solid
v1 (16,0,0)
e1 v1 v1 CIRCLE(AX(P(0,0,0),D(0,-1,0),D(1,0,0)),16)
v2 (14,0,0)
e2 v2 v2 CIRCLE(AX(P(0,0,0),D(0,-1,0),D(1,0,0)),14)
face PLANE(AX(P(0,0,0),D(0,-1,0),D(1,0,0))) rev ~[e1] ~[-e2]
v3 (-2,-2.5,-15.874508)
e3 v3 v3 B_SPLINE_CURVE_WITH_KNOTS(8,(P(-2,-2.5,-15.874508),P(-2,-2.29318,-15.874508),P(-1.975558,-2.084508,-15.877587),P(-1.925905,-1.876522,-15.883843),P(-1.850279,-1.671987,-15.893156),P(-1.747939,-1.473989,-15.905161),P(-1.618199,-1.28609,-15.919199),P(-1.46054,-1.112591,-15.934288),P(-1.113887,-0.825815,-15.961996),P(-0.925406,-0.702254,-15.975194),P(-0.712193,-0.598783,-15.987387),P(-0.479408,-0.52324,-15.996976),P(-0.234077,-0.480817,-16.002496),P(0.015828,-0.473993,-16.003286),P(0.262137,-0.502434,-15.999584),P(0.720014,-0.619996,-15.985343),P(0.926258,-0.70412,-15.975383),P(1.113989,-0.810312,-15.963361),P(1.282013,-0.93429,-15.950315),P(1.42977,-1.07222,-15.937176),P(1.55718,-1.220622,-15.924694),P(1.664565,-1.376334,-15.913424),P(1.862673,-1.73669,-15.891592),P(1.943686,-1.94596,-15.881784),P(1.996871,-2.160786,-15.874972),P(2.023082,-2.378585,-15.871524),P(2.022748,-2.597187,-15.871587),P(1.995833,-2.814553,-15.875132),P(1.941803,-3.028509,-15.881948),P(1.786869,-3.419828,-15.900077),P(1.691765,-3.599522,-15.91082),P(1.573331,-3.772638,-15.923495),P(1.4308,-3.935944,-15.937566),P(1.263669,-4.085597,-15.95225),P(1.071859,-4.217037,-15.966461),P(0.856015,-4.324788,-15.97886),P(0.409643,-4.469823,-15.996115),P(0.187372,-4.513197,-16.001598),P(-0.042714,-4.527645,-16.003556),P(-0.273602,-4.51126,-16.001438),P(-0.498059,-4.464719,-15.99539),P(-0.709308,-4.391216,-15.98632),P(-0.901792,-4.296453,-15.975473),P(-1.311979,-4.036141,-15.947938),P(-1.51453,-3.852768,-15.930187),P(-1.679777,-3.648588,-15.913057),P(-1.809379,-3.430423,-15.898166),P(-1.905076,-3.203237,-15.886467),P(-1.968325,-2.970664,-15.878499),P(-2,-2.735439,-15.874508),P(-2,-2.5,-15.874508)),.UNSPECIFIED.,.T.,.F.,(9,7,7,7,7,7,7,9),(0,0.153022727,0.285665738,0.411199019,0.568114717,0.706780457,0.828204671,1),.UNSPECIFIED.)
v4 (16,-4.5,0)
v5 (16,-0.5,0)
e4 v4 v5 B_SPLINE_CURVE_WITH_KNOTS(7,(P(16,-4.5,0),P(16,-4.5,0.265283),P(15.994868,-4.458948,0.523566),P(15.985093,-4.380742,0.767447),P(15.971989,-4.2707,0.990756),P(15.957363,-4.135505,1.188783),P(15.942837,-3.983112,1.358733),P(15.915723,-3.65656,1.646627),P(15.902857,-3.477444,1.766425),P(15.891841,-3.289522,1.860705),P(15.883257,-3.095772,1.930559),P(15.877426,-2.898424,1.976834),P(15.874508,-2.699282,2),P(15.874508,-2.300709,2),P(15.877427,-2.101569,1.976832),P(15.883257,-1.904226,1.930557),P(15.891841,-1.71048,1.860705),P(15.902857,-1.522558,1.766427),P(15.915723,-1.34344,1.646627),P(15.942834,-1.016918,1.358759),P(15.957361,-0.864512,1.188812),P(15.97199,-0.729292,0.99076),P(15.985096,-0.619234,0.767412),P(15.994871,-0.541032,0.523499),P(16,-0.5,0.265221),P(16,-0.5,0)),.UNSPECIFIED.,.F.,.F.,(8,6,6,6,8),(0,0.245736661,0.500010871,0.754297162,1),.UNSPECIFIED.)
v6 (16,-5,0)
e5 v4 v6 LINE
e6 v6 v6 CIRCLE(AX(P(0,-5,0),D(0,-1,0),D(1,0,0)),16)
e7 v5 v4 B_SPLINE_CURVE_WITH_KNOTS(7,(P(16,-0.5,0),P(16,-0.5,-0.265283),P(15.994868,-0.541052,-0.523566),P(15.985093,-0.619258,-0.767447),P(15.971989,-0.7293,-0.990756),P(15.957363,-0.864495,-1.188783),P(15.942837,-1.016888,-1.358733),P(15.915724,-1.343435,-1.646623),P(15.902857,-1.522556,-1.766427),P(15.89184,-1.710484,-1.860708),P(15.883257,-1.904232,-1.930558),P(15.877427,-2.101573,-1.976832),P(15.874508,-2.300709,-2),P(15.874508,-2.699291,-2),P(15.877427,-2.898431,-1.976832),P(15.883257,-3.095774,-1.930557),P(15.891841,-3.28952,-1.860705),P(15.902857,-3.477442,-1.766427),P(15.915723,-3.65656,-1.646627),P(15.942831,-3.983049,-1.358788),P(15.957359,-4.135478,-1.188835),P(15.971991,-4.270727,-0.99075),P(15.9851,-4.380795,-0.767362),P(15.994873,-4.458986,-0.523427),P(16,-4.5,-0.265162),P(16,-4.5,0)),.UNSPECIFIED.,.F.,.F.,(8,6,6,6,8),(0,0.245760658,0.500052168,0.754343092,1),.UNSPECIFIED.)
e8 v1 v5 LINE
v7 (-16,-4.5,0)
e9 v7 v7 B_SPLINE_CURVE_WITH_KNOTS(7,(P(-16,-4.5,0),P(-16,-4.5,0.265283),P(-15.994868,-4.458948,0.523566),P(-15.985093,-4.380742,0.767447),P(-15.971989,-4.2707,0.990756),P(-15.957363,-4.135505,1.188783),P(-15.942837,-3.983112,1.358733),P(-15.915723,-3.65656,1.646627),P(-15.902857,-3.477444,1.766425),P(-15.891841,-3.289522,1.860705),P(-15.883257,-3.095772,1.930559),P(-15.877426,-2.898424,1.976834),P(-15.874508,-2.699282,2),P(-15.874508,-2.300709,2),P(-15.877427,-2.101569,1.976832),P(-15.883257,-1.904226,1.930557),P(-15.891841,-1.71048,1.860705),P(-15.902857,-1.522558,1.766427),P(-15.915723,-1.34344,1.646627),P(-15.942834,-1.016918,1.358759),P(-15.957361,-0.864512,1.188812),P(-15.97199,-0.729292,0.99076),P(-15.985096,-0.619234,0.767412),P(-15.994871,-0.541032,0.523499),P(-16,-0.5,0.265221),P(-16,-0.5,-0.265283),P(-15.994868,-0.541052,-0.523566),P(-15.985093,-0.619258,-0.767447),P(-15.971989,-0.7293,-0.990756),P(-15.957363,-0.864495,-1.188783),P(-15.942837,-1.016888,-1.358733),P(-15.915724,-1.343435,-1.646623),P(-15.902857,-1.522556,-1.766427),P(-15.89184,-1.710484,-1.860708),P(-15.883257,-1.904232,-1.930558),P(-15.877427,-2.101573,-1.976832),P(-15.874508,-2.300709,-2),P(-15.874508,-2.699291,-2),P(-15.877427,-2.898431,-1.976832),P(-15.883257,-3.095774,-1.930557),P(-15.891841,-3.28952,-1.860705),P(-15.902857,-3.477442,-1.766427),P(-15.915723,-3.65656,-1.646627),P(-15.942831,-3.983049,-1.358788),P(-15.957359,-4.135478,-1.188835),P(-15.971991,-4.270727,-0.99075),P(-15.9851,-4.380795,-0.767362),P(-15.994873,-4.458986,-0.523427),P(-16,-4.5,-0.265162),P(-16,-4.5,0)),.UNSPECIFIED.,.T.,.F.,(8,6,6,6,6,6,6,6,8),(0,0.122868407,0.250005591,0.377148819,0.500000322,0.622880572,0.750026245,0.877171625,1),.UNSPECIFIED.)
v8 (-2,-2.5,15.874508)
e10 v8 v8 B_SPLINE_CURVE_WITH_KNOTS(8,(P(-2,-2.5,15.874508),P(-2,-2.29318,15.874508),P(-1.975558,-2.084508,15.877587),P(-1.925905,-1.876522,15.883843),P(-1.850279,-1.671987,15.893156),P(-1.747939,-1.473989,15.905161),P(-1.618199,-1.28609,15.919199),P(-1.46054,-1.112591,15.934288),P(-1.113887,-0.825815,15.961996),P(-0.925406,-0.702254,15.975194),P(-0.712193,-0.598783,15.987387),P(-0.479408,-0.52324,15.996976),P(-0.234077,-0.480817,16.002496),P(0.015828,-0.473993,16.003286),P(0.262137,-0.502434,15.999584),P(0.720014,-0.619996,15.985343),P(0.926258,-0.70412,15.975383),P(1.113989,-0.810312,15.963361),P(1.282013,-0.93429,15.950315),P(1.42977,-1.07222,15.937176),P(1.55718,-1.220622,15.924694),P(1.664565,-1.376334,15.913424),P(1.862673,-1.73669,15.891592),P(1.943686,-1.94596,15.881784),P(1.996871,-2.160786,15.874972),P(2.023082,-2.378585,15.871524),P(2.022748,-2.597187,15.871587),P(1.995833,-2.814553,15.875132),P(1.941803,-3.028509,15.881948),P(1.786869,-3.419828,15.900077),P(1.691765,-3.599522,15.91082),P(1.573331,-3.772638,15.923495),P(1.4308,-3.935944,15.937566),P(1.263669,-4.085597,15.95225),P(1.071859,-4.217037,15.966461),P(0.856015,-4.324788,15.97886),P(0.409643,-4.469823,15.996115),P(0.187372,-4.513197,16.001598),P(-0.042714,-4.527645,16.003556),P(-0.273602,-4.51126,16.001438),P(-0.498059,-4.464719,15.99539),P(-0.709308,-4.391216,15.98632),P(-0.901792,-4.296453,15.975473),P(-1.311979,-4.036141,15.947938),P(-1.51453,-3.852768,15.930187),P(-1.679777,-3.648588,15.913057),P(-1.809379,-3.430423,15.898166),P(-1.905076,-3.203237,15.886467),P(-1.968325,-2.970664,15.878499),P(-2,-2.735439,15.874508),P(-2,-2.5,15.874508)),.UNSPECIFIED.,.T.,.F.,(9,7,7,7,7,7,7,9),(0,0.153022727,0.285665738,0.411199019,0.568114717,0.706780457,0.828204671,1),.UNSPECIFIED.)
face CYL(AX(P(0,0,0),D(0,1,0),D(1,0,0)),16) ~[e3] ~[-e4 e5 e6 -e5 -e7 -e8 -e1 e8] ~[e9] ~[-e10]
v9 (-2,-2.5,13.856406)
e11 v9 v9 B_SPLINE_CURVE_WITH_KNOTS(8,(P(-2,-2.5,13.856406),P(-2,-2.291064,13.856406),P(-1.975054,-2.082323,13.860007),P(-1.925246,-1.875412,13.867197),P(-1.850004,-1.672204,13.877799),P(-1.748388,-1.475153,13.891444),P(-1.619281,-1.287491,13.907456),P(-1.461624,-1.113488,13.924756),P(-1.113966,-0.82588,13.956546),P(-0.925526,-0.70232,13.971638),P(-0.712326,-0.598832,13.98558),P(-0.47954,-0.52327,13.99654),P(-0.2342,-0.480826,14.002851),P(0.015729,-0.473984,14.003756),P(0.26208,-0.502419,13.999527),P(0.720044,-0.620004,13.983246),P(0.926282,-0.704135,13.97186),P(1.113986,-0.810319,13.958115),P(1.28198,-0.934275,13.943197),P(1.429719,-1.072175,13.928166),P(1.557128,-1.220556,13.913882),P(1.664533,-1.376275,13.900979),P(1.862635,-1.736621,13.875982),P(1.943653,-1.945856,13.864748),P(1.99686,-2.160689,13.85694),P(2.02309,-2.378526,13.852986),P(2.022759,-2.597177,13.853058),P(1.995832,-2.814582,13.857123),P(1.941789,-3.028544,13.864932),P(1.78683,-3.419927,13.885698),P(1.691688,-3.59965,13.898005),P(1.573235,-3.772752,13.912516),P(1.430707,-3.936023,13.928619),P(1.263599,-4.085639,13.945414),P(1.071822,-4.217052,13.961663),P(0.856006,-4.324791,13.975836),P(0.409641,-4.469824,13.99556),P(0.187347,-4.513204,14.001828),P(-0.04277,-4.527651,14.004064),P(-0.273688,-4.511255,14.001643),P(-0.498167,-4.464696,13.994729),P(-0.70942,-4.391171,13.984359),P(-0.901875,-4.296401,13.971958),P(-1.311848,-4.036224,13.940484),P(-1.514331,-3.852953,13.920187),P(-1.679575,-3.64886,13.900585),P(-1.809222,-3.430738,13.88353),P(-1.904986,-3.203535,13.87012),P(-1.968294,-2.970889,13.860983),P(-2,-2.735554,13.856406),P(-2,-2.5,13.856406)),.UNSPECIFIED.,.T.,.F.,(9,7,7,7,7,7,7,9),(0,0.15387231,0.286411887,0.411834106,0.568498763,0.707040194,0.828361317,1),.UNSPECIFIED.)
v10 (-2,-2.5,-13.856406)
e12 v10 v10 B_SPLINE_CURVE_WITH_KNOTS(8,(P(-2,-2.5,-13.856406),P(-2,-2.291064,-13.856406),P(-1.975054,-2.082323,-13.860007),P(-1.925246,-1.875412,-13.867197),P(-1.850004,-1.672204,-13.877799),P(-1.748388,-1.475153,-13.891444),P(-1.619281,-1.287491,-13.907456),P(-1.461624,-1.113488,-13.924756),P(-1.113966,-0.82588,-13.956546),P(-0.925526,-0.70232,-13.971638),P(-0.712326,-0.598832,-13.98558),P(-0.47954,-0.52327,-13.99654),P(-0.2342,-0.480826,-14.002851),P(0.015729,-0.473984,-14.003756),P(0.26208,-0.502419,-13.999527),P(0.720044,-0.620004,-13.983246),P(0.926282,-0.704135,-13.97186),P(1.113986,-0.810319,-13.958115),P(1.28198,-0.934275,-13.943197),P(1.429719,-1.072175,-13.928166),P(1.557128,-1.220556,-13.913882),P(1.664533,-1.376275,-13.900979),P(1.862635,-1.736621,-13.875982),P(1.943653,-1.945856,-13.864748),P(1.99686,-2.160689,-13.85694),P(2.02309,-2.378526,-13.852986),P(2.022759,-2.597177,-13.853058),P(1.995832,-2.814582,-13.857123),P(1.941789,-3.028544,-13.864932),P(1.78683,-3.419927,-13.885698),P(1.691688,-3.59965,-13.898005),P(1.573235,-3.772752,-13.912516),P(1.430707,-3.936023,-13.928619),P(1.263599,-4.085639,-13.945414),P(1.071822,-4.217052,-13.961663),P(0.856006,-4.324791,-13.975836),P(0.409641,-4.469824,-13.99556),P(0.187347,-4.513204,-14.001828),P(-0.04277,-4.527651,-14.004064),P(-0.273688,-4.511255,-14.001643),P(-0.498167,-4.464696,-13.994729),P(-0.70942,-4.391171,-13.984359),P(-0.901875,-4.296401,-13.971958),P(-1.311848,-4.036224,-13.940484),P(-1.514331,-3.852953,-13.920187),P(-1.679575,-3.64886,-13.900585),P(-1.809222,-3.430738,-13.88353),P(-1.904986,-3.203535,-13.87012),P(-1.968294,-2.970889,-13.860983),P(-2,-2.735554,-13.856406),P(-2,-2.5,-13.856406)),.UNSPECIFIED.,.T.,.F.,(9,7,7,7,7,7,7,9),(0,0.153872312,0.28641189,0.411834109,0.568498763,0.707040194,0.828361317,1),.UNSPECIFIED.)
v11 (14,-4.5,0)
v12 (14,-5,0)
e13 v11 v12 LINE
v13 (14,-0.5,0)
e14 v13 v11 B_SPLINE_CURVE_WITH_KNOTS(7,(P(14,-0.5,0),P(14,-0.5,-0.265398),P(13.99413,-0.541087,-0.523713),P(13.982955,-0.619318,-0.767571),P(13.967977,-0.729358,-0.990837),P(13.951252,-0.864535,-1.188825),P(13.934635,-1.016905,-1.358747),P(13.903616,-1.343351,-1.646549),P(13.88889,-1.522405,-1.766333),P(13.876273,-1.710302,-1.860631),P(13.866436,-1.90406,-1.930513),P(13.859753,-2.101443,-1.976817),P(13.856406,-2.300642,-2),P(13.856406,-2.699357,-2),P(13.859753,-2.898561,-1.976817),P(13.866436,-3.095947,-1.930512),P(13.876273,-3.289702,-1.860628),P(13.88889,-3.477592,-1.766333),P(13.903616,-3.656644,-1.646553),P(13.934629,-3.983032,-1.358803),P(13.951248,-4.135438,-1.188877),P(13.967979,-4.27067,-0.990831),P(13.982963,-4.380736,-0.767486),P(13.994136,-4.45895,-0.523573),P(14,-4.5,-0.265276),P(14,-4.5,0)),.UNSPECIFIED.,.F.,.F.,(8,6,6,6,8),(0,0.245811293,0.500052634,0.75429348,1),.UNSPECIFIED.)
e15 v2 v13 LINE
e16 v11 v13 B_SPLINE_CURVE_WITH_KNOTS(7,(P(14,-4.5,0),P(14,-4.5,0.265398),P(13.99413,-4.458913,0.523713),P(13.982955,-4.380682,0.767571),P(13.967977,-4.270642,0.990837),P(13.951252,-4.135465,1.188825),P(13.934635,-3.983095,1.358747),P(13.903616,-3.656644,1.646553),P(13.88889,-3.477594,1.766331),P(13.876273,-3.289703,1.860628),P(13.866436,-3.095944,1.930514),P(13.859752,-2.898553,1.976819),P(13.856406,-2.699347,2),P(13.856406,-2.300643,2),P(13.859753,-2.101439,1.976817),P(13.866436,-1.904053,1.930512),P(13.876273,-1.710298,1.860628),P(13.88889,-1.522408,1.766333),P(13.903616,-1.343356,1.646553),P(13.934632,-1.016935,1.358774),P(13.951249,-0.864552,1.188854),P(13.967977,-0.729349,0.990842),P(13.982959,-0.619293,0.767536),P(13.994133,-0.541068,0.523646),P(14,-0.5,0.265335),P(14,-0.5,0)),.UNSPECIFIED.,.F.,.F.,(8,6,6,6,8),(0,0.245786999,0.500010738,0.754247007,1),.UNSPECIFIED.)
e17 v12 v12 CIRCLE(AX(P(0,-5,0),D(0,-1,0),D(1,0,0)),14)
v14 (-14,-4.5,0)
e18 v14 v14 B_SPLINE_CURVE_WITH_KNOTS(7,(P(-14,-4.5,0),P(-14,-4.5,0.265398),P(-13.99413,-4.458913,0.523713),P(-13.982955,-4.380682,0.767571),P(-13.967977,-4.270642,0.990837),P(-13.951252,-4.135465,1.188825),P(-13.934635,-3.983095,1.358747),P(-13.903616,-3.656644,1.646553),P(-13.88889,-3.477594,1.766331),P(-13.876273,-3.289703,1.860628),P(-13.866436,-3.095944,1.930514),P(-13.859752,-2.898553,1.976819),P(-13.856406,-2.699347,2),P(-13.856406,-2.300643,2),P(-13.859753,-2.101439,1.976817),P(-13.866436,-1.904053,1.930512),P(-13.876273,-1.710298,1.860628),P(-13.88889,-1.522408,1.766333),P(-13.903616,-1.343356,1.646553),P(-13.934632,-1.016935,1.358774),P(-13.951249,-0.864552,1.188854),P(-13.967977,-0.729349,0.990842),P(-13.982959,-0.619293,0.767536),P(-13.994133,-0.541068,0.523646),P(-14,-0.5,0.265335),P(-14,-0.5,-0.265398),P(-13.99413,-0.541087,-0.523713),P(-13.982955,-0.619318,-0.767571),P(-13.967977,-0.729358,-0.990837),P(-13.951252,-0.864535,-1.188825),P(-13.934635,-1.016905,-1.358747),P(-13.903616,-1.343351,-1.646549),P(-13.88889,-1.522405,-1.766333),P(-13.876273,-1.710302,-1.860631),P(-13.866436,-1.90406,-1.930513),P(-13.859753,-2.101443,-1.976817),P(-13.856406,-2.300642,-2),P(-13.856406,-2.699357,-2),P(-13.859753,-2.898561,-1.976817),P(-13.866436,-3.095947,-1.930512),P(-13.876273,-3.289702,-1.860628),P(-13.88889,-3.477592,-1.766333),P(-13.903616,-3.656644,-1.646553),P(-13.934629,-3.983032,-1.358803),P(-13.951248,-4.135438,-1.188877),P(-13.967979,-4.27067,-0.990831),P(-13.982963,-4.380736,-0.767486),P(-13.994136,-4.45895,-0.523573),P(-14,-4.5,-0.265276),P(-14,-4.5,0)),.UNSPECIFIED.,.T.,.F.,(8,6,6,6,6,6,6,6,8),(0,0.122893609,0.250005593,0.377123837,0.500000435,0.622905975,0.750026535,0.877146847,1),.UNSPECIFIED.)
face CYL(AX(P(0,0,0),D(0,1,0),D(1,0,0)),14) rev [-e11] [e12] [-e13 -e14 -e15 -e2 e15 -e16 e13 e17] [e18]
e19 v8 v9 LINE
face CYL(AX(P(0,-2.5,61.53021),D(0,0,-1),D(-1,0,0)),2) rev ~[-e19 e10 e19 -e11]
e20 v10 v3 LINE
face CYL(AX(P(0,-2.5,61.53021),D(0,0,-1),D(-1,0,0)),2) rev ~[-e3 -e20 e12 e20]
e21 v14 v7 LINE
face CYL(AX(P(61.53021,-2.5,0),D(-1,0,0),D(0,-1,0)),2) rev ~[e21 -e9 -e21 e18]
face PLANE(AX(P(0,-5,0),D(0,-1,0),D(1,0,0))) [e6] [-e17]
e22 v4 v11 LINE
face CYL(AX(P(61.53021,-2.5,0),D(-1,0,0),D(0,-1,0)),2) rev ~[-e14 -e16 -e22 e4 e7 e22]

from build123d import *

# Parameters (mm, degrees)
F0_R     = 16
F0_R_2   = 14
F1_DEPTH = 5
F4_D     = 4
F7_D     = 4


with BuildPart() as f1:
    # F0 (on Front) → F1 (new body)
    with BuildSketch(Plane.XZ):
        Circle(F0_R)
        Circle(F0_R_2, mode=Mode.SUBTRACT)
    extrude(amount=F1_DEPTH)

    # F4 (through all)
    with Locations(Plane.YZ.offset(16)):
        with Locations((-2.5, 0)):
            Hole(F4_D / 2)

    # F7 (through all)
    with Locations(Plane.XY.offset(16)):
        with Locations((0, -2.5)):
            Hole(F7_D / 2)


solid = f1.part
